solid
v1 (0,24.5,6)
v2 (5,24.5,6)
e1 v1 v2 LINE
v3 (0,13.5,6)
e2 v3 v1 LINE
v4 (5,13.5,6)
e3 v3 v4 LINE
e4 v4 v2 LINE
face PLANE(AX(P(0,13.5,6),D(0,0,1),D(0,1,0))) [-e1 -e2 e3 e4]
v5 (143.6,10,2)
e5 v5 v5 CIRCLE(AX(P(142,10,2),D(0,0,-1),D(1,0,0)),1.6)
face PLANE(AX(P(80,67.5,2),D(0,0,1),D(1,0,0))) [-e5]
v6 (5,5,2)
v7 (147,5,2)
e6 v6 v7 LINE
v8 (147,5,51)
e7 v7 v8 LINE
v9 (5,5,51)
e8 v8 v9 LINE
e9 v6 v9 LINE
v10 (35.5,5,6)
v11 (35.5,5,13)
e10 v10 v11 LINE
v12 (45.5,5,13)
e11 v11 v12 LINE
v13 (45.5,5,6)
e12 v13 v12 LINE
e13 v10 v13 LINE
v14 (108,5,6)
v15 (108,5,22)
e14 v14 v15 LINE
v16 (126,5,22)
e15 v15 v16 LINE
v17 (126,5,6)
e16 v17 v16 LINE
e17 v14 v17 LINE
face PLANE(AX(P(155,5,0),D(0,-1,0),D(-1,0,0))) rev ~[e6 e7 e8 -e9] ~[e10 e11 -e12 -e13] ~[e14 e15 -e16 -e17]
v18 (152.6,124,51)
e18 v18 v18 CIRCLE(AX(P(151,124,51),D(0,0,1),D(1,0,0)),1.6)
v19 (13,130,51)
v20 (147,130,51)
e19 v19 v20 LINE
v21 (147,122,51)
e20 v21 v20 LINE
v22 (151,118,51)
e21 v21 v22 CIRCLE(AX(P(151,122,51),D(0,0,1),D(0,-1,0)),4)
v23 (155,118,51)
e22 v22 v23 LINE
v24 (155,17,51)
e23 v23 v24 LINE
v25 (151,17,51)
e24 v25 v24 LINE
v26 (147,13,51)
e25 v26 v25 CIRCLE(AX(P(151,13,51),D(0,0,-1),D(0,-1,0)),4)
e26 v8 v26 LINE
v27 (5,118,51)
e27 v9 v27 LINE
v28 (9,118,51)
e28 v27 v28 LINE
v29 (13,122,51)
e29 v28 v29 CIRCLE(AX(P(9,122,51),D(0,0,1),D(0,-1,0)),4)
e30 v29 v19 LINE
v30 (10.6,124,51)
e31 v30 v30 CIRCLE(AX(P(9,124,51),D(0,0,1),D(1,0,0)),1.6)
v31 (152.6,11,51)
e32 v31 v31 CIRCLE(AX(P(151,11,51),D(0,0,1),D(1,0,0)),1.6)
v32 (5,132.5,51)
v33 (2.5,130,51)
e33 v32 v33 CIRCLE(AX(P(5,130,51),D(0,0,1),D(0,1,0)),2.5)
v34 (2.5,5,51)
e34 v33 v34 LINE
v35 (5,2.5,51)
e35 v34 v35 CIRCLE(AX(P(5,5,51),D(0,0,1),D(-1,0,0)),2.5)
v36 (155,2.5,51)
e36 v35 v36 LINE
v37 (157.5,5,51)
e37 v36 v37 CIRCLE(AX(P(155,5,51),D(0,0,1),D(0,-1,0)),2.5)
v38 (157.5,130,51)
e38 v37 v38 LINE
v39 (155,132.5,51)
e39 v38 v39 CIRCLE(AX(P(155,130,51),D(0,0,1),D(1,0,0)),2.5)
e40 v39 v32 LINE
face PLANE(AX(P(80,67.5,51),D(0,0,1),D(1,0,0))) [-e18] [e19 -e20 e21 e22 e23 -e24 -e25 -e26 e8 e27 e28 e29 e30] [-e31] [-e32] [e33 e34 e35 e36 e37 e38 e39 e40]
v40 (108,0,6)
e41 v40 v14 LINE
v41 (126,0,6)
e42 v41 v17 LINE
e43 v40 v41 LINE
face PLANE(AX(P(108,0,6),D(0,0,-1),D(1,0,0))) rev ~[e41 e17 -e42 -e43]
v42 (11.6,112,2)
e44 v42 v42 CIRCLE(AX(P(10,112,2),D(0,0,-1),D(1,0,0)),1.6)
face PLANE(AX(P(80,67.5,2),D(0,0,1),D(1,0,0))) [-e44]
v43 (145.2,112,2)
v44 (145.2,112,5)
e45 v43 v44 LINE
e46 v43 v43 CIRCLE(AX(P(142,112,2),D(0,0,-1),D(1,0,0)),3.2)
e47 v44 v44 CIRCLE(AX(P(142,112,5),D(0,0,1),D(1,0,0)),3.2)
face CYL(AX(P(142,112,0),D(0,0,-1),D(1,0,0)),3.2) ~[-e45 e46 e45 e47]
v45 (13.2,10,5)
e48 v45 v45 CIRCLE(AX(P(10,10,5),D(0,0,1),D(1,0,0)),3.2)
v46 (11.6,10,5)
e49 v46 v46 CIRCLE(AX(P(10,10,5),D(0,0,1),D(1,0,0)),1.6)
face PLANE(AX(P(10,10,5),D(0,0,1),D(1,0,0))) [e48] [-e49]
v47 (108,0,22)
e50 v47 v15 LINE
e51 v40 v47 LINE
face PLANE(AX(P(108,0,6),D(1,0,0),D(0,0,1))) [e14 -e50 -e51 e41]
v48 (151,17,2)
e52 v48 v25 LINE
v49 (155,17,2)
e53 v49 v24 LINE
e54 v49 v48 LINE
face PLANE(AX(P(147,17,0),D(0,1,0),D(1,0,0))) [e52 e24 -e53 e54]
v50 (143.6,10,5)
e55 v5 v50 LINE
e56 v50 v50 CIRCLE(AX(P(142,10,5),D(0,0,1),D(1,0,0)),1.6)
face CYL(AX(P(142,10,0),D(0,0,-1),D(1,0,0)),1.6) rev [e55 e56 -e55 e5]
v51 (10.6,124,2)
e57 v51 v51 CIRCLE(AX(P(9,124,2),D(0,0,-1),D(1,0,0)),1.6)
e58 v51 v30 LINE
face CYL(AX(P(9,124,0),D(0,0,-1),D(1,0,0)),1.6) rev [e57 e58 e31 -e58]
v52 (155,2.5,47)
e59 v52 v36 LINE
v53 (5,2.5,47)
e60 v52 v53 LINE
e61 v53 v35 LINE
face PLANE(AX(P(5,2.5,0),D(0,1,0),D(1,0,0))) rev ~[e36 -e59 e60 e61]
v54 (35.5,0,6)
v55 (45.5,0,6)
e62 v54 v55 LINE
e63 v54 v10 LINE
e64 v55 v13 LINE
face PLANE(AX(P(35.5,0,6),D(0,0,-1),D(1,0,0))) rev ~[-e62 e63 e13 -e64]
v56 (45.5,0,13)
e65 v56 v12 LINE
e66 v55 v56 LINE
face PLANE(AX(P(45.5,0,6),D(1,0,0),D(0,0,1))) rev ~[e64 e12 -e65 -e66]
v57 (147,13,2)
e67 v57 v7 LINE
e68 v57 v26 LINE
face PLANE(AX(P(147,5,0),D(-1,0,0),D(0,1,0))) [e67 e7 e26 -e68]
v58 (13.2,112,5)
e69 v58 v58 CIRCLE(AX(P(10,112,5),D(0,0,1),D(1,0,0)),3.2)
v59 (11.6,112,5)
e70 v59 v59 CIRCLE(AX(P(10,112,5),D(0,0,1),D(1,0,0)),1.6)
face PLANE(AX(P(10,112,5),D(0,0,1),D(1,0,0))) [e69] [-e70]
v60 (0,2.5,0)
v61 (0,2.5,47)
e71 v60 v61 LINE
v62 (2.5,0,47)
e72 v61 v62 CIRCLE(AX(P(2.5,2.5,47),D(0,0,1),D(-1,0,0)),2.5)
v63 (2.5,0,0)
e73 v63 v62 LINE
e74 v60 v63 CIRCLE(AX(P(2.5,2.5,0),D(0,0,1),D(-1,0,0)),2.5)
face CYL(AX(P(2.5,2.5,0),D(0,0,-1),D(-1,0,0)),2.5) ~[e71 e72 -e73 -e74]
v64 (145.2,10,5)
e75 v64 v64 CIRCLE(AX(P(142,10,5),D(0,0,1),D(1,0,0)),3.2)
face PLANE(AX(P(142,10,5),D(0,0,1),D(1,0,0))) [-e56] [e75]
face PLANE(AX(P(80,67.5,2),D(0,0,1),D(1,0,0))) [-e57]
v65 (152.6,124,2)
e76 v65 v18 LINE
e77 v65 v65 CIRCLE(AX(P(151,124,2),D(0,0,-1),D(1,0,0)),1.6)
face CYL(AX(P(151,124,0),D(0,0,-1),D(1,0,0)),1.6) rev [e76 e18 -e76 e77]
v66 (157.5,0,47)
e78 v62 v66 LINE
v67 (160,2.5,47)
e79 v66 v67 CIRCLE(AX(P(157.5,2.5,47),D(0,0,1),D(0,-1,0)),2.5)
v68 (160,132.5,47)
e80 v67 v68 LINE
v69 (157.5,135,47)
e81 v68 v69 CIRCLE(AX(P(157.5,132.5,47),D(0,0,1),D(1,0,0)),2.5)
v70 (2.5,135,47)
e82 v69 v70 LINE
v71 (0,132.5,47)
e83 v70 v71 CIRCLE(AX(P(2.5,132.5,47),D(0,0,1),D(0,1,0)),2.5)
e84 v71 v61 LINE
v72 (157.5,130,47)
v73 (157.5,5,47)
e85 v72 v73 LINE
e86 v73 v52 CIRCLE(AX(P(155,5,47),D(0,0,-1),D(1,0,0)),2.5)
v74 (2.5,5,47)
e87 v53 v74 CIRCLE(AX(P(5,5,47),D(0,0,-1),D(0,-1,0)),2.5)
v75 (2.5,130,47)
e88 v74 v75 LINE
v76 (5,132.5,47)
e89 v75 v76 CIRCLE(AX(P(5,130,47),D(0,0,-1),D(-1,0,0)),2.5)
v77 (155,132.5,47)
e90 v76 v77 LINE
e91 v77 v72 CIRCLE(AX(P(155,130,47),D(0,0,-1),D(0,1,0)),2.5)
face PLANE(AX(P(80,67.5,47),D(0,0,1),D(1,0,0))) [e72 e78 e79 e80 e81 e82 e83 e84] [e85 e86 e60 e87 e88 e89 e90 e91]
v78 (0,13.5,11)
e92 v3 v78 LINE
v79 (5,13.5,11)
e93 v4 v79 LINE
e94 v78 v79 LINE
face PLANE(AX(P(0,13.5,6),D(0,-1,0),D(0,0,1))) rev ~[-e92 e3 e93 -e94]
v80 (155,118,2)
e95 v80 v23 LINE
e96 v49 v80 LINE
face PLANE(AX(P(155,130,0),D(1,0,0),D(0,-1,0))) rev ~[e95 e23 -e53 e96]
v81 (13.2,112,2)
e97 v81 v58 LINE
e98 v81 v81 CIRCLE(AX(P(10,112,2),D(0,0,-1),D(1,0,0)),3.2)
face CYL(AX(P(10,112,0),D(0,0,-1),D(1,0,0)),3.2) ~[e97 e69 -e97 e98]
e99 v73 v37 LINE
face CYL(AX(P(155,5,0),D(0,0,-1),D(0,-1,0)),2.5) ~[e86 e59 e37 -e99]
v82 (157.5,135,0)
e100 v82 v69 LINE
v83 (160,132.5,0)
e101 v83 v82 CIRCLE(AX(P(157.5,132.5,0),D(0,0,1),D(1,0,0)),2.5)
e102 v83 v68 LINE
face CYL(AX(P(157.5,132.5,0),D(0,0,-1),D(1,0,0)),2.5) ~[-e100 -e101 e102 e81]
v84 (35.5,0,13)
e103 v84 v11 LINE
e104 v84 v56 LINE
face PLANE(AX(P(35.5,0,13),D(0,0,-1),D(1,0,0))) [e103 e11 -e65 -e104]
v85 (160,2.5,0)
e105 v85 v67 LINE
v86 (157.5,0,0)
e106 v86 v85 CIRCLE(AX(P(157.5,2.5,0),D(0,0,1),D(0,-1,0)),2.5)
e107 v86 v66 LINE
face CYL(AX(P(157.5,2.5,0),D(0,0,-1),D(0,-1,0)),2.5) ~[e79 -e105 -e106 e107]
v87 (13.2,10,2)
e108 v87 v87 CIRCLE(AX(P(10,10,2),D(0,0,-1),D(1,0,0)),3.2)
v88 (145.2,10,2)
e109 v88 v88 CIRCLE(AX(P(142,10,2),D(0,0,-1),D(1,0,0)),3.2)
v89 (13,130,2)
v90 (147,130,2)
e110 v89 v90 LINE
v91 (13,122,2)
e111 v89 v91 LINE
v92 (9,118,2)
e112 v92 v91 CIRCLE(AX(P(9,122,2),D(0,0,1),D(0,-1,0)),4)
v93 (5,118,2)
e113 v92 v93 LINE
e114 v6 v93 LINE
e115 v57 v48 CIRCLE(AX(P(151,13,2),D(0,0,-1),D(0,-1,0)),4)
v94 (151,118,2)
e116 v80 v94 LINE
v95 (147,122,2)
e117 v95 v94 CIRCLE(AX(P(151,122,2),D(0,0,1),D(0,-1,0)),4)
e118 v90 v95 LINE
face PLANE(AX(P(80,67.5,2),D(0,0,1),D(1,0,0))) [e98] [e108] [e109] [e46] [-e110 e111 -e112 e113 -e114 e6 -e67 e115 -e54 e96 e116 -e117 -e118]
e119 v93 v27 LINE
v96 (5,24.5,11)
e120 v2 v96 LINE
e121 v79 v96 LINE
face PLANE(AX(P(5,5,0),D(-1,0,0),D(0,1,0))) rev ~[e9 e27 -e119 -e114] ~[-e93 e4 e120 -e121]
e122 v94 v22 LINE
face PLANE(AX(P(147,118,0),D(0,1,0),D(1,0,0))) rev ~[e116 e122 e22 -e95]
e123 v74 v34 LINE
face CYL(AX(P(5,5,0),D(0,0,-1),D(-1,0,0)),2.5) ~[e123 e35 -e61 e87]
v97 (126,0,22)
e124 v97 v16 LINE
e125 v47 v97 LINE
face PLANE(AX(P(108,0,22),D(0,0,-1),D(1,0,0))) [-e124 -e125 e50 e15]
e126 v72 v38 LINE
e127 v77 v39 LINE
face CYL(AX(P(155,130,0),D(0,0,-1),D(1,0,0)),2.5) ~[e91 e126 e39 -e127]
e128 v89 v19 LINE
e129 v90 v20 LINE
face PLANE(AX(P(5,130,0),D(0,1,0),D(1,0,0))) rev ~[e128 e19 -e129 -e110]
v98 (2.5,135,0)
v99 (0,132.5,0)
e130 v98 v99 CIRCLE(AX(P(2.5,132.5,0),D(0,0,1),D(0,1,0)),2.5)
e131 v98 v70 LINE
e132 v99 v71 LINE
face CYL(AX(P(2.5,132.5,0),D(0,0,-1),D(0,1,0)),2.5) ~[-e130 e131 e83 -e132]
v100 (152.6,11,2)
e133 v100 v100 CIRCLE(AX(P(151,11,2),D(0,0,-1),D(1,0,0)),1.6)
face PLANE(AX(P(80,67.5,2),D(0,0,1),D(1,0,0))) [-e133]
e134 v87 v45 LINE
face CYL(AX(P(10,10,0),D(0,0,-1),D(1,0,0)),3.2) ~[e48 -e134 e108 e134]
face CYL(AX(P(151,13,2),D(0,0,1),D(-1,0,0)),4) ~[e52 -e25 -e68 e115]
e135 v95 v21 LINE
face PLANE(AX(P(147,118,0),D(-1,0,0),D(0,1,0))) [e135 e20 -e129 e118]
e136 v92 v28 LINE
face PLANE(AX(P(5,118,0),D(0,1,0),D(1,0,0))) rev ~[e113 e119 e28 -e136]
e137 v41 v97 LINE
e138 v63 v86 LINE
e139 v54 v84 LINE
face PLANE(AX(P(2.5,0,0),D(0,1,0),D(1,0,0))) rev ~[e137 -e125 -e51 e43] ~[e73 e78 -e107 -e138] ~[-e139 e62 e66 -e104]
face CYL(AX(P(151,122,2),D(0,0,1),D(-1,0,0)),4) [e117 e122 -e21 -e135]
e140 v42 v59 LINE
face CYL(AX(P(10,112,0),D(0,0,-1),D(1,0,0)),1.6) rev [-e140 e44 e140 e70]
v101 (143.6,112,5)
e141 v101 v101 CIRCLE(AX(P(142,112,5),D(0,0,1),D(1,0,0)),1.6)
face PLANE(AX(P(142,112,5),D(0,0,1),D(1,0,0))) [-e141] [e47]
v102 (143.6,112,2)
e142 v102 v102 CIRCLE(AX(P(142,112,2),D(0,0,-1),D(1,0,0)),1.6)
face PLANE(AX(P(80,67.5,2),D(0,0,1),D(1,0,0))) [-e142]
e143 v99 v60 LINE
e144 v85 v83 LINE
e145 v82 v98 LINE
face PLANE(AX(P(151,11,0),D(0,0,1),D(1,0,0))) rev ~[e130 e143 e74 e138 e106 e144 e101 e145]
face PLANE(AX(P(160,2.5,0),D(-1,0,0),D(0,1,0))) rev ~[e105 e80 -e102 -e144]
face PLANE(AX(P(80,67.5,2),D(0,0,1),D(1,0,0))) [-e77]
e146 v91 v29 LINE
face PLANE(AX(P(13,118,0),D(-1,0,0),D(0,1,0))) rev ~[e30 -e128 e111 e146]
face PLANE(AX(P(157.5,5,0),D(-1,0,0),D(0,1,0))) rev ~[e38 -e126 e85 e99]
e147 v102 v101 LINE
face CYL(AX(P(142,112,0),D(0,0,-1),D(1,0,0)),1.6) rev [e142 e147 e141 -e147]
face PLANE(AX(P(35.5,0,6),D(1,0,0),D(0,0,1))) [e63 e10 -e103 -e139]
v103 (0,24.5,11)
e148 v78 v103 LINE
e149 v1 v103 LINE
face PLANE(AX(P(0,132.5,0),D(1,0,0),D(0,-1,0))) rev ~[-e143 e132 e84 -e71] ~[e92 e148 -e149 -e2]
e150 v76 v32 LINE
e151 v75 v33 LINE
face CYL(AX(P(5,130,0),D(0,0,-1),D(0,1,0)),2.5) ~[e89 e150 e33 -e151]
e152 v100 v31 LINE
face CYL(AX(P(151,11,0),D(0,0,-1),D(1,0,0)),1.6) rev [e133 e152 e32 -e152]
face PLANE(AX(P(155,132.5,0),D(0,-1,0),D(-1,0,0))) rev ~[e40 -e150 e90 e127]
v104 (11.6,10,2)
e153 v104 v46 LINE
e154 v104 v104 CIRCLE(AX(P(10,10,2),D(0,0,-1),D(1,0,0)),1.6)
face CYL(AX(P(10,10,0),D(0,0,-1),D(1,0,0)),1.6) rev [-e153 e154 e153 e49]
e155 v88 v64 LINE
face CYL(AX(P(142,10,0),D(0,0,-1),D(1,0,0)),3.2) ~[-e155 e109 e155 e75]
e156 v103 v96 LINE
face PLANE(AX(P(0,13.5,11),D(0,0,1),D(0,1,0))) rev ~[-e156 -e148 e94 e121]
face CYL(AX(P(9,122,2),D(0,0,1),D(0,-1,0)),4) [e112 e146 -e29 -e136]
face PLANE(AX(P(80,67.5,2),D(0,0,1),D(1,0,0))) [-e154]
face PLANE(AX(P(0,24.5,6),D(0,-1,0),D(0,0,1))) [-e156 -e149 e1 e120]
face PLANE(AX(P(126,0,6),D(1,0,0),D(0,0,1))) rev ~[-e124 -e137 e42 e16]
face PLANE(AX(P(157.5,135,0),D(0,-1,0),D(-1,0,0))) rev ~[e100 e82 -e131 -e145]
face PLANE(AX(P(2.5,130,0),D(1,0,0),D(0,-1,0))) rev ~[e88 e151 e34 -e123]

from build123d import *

# Parameters (mm, degrees)
ESQUISSE1_W             = 150
ESQUISSE1_H             = 125
BOSS_EXTRU_3_DEPTH      = 2
BOSS_EXTRU_4_DEPTH      = 51
BOSS_EXTRU_6_DEPTH      = 47
ESQUISSE1_9_R           = 3.2
ESQUISSE1_9_R_2         = 1.6
BOSS_EXTRU_7_DEPTH      = 5
ESQUISSE3_W             = 18
ESQUISSE3_H             = 16
ESQUISSE3_W_2           = 10
ESQUISSE3_H_2           = 7
ENL_V_MAT_EXTRU_1_DEPTH = 15
ESQUISSE4_W             = 5
ESQUISSE4_H             = 11
ENL_V_MAT_EXTRU_2_DEPTH = 15
ESQUISSE1_12_W          = 8
ESQUISSE1_12_H          = 12
ESQUISSE1_12_R          = 1.6
BOSS_EXTRU_8_DEPTH      = 51
CONG_5_R                = 4


with BuildPart() as part:
    # Esquisse1 → Boss.-Extru.3 (new body)
    with BuildSketch(Plane.XY):
        with Locations((80, 67.5)):
            Rectangle(ESQUISSE1_W, ESQUISSE1_H)
    extrude(amount=BOSS_EXTRU_3_DEPTH)

    # Esquisse1<6> → Boss.-Extru.4 (add)
    with BuildSketch(Plane.XY):
        with BuildLine():
            ThreePointArc((2.5, 5), (3.232233047, 3.232233047), (5, 2.5))
            Line((5, 2.5), (155, 2.5))
            ThreePointArc((155, 2.5), (156.767766953, 3.232233047), (157.5, 5))
            Line((157.5, 5), (157.5, 130))
            ThreePointArc((157.5, 130), (156.767766953, 131.767766953), (155, 132.5))
            Line((155, 132.5), (5, 132.5))
            ThreePointArc((5, 132.5), (3.232233047, 131.767766953), (2.5, 130))
            Line((2.5, 130), (2.5, 5))
        make_face()
        Polygon((147, 5), (5, 5), (5, 118), (5, 130), (13, 130), (147, 130), (155, 130), (155, 118), (155, 17), (155, 5), align=None, mode=Mode.SUBTRACT)
    extrude(amount=BOSS_EXTRU_4_DEPTH)

    # Esquisse1<8> → Boss.-Extru.6 (add)
    with BuildSketch(Plane.XY):
        with BuildLine():
            ThreePointArc((0, 2.5), (0.732233047, 0.732233047), (2.5, 0))
            Line((2.5, 0), (157.5, 0))
            ThreePointArc((157.5, 0), (159.267766953, 0.732233047), (160, 2.5))
            Line((160, 2.5), (160, 132.5))
            ThreePointArc((160, 132.5), (159.267766953, 134.267766953), (157.5, 135))
            Line((157.5, 135), (2.5, 135))
            ThreePointArc((2.5, 135), (0.732233047, 134.267766953), (0, 132.5))
            Line((0, 132.5), (0, 2.5))
        make_face()
        with BuildLine():
            Line((155, 2.5), (5, 2.5))
            ThreePointArc((5, 2.5), (3.232233047, 3.232233047), (2.5, 5))
            Line((2.5, 5), (2.5, 130))
            ThreePointArc((2.5, 130), (3.232233047, 131.767766953), (5, 132.5))
            Line((5, 132.5), (155, 132.5))
            ThreePointArc((155, 132.5), (156.767766953, 131.767766953), (157.5, 130))
            Line((157.5, 130), (157.5, 5))
            ThreePointArc((157.5, 5), (156.767766953, 3.232233047), (155, 2.5))
        make_face(mode=Mode.SUBTRACT)
    extrude(amount=BOSS_EXTRU_6_DEPTH)

    # Esquisse1<9> → Boss.-Extru.7 (add)
    # profile 1 of 4: a face of its own
    with BuildSketch(Plane.XY):
        with Locations((10, 10)):
            Circle(ESQUISSE1_9_R)
        with Locations((10, 10)):
            Circle(ESQUISSE1_9_R_2, mode=Mode.SUBTRACT)
    # profile 2 of 4: a face of its own
    with BuildSketch(Plane.XY):
        with Locations((142, 10)):
            Circle(ESQUISSE1_9_R)
        with Locations((142, 10)):
            Circle(ESQUISSE1_9_R_2, mode=Mode.SUBTRACT)
    # profile 3 of 4: a face of its own
    with BuildSketch(Plane.XY):
        with Locations((142, 112)):
            Circle(ESQUISSE1_9_R)
        with Locations((142, 112)):
            Circle(ESQUISSE1_9_R_2, mode=Mode.SUBTRACT)
    # profile 4 of 4: a face of its own
    with BuildSketch(Plane.XY):
        with Locations((10, 112)):
            Circle(ESQUISSE1_9_R)
        with Locations((10, 112)):
            Circle(ESQUISSE1_9_R_2, mode=Mode.SUBTRACT)
    extrude(amount=BOSS_EXTRU_7_DEPTH)

    # Esquisse3 → Enlèv. mat.-Extru.1 (cut)
    with BuildSketch(Plane.XZ):
        with Locations((117, 14)):
            Rectangle(ESQUISSE3_W, ESQUISSE3_H)
        with Locations((40.5, 9.5)):
            Rectangle(ESQUISSE3_W_2, ESQUISSE3_H_2)
    extrude(amount=-ENL_V_MAT_EXTRU_1_DEPTH, mode=Mode.SUBTRACT)

    # Esquisse4 → Enlèv. mat.-Extru.2 (cut)
    with BuildSketch(Plane.ZY):
        with Locations((8.5, 19)):
            Rectangle(ESQUISSE4_W, ESQUISSE4_H)
    extrude(amount=-ENL_V_MAT_EXTRU_2_DEPTH, mode=Mode.SUBTRACT)

    # Esquisse1<12> → Boss.-Extru.8 (add)
    # profile 1 of 3: a face of its own
    with BuildSketch(Plane.XY):
        with Locations((151, 11)):
            Rectangle(ESQUISSE1_12_W, ESQUISSE1_12_H)
        with Locations((151, 11)):
            Circle(ESQUISSE1_12_R, mode=Mode.SUBTRACT)
    # profile 2 of 3: a face of its own
    with BuildSketch(Plane.XY):
        with Locations((9, 124)):
            Rectangle(ESQUISSE1_12_W, ESQUISSE1_12_H)
        with Locations((9, 124)):
            Circle(ESQUISSE1_12_R, mode=Mode.SUBTRACT)
    # profile 3 of 3: a face of its own
    with BuildSketch(Plane.XY):
        with Locations((151, 124)):
            Rectangle(ESQUISSE1_12_W, ESQUISSE1_12_H)
        with Locations((151, 124)):
            Circle(ESQUISSE1_12_R, mode=Mode.SUBTRACT)
    extrude(amount=BOSS_EXTRU_8_DEPTH)

    # Congé5
    cong_5_edges = [part.edges().sort_by_distance(p)[0] for p in [
        (147, 17, 26.5),
        (147, 118, 26.5),
        (13, 118, 26.5),
    ]]
    fillet(cong_5_edges, radius=CONG_5_R)


solid = part.part
